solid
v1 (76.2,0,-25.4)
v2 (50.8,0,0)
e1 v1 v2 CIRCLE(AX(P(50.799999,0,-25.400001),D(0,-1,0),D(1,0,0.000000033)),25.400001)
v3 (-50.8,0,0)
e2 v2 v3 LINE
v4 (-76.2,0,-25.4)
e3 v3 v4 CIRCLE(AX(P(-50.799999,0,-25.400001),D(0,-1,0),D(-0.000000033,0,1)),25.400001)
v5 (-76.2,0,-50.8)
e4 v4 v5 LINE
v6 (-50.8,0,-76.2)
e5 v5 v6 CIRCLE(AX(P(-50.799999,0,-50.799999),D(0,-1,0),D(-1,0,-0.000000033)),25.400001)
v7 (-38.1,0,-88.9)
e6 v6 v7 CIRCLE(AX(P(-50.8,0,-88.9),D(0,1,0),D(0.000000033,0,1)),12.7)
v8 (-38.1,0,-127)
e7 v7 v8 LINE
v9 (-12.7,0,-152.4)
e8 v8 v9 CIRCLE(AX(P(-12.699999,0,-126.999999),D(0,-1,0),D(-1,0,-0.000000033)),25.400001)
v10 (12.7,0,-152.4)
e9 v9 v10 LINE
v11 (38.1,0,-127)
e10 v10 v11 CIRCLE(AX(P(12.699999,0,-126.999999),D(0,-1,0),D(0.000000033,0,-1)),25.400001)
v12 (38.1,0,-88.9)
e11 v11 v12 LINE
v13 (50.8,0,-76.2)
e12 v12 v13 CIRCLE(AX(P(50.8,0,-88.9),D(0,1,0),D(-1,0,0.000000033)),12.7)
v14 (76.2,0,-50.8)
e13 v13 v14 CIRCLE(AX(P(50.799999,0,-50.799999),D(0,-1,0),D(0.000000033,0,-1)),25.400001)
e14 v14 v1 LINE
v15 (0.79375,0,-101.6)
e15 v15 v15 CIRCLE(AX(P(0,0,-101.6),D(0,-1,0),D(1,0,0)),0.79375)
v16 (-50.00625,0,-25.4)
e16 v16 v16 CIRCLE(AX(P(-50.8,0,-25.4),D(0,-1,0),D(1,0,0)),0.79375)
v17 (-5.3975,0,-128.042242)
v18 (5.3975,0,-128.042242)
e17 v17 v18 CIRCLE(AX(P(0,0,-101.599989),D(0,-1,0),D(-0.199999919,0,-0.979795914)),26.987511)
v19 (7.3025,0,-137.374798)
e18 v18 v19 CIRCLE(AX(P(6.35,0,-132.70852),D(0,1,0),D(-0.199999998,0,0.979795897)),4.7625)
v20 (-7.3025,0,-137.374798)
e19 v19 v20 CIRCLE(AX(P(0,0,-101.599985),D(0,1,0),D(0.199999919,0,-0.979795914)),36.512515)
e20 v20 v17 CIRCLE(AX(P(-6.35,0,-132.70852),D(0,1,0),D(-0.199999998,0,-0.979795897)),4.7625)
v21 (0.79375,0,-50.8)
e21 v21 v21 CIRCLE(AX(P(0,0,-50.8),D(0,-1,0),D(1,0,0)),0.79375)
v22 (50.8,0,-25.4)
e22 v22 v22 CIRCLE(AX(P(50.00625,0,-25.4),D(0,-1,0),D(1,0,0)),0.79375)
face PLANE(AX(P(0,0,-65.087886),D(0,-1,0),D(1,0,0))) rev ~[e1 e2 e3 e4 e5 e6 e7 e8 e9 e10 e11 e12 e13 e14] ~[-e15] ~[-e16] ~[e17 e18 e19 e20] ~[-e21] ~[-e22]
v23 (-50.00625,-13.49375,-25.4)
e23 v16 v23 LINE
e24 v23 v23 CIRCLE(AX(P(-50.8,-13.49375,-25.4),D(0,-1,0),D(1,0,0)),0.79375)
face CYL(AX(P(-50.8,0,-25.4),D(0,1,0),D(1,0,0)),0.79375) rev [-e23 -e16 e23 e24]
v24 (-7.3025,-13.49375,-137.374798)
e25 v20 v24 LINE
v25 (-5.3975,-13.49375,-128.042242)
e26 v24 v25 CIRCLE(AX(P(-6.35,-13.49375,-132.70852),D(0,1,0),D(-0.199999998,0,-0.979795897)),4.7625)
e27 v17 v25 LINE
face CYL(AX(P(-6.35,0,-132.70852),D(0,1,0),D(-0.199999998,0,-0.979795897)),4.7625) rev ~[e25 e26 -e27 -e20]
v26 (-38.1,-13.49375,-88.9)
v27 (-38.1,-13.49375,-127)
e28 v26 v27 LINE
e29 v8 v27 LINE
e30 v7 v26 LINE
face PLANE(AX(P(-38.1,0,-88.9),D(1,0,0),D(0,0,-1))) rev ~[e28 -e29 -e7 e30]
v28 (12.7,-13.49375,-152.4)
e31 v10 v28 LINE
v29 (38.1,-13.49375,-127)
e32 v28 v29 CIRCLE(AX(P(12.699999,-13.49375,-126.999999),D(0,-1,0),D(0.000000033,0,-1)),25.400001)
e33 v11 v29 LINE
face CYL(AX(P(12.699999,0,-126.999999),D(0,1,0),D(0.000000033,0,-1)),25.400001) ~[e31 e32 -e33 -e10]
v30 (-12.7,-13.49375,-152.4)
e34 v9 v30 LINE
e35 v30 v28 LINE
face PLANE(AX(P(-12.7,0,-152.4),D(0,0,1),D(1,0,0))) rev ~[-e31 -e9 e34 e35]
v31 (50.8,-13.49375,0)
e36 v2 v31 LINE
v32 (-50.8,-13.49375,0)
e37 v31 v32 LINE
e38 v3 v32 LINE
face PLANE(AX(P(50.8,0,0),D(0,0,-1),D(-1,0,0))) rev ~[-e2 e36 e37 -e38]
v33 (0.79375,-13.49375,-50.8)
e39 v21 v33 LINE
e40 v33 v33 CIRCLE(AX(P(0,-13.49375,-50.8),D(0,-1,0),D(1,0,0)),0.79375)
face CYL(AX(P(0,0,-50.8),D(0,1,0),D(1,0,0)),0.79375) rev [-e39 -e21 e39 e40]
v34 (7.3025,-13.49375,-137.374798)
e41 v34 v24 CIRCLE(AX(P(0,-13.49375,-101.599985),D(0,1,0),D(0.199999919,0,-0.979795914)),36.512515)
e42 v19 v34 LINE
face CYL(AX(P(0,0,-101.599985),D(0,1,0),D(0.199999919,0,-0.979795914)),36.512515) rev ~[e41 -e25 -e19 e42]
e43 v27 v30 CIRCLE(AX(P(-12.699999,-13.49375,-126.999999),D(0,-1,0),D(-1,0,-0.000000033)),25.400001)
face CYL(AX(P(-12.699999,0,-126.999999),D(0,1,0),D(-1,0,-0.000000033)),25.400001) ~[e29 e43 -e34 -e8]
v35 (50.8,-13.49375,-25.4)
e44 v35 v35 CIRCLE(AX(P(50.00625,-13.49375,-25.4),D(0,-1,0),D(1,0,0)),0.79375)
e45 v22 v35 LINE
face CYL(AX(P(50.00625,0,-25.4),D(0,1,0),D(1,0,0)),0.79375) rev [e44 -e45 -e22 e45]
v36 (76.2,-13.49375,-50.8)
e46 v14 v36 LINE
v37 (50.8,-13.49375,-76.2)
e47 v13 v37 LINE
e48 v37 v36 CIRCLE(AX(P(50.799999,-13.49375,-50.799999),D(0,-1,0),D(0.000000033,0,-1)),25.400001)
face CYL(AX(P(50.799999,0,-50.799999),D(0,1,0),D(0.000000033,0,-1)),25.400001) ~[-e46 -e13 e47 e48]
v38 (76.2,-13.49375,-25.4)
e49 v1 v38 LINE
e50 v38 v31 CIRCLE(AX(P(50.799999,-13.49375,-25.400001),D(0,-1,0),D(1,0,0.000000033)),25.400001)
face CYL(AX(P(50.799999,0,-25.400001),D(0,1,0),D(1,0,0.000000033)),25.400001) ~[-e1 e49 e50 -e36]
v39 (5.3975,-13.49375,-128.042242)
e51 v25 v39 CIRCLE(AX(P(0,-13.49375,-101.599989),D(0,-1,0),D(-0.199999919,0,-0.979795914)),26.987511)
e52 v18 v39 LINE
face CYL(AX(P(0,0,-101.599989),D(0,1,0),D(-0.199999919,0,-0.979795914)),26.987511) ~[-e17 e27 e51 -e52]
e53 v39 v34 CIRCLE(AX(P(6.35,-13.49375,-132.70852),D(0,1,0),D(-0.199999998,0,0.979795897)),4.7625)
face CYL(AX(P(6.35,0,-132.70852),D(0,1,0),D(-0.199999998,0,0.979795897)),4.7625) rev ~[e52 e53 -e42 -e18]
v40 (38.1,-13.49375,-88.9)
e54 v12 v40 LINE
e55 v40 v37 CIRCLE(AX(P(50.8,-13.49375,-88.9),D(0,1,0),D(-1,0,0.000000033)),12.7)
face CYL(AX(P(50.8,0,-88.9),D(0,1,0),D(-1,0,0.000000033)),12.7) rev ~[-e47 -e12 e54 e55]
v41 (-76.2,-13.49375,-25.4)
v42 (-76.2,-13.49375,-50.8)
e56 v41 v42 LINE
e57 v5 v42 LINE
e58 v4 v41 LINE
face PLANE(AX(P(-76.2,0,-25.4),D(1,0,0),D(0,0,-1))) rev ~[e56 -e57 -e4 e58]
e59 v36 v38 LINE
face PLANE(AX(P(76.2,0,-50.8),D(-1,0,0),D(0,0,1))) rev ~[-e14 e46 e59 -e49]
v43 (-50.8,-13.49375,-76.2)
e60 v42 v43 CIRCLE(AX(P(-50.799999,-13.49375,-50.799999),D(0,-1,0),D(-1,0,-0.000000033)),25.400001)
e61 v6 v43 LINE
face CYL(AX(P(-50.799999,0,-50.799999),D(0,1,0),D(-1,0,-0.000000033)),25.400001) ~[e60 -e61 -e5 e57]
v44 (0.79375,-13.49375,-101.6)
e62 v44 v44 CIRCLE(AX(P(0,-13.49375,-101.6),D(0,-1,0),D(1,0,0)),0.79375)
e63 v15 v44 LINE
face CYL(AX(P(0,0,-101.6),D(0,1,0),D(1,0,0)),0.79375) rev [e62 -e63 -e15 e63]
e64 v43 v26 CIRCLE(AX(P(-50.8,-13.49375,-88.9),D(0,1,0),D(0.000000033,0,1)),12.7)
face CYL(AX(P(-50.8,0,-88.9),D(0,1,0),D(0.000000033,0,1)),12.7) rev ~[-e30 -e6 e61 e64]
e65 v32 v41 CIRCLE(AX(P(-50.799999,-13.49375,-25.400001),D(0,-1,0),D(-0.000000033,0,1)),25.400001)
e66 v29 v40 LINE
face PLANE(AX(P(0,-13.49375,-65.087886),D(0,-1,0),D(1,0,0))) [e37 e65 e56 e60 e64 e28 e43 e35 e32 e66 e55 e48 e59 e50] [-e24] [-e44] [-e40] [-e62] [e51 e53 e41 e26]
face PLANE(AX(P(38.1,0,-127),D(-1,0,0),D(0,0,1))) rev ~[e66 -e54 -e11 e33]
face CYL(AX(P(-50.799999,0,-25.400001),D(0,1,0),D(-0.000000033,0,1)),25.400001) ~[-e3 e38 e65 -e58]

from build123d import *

# Parameters (mm, degrees)
F0_R     = 0.79375
F1_DEPTH = 13.49375


with BuildPart() as f1:
    # F0 (on Front) → F1 (new body)
    with BuildSketch(Plane.XZ):
        with BuildLine():
            Line((50.8, 0), (-50.8, 0))
            ThreePointArc((-50.8, 0), (-68.760512, -7.439488), (-76.2, -25.4))
            Line((-76.2, -25.4), (-76.2, -50.8))
            ThreePointArc((-76.2, -50.8), (-68.760512, -68.760512), (-50.8, -76.2))
            ThreePointArc((-50.8, -76.2), (-41.819744, -79.919744), (-38.1, -88.9))
            Line((-38.1, -88.9), (-38.1, -127))
            ThreePointArc((-38.1, -127), (-30.660512, -144.960512), (-12.7, -152.4))
            Line((-12.7, -152.4), (12.7, -152.4))
            ThreePointArc((12.7, -152.4), (30.660512, -144.960512), (38.1, -127))
            Line((38.1, -127), (38.1, -88.9))
            ThreePointArc((38.1, -88.9), (41.819744, -79.919744), (50.8, -76.2))
            ThreePointArc((50.8, -76.2), (68.760512, -68.760512), (76.2, -50.8))
            Line((76.2, -50.8), (76.2, -25.4))
            ThreePointArc((76.2, -25.4), (68.760512, -7.439488), (50.8, 0))
        make_face()
        with BuildLine():
            ThreePointArc((-7.3025, -137.374798), (-11.016278, -131.75602), (-5.3975, -128.042242))
            ThreePointArc((-5.3975, -128.042242), (0, -128.5875), (5.3975, -128.042242))
            ThreePointArc((5.3975, -128.042242), (11.016278, -131.75602), (7.3025, -137.374798))
            ThreePointArc((7.3025, -137.374798), (0, -138.1125), (-7.3025, -137.374798))
        make_face(mode=Mode.SUBTRACT)
        with Locations((0, -101.6)):
            Circle(F0_R, mode=Mode.SUBTRACT)
        with Locations((-50.8, -25.4)):
            Circle(F0_R, mode=Mode.SUBTRACT)
        with Locations((0, -50.8)):
            Circle(F0_R, mode=Mode.SUBTRACT)
        with Locations((50.00625, -25.4)):
            Circle(F0_R, mode=Mode.SUBTRACT)
    extrude(amount=F1_DEPTH)


solid = f1.part
